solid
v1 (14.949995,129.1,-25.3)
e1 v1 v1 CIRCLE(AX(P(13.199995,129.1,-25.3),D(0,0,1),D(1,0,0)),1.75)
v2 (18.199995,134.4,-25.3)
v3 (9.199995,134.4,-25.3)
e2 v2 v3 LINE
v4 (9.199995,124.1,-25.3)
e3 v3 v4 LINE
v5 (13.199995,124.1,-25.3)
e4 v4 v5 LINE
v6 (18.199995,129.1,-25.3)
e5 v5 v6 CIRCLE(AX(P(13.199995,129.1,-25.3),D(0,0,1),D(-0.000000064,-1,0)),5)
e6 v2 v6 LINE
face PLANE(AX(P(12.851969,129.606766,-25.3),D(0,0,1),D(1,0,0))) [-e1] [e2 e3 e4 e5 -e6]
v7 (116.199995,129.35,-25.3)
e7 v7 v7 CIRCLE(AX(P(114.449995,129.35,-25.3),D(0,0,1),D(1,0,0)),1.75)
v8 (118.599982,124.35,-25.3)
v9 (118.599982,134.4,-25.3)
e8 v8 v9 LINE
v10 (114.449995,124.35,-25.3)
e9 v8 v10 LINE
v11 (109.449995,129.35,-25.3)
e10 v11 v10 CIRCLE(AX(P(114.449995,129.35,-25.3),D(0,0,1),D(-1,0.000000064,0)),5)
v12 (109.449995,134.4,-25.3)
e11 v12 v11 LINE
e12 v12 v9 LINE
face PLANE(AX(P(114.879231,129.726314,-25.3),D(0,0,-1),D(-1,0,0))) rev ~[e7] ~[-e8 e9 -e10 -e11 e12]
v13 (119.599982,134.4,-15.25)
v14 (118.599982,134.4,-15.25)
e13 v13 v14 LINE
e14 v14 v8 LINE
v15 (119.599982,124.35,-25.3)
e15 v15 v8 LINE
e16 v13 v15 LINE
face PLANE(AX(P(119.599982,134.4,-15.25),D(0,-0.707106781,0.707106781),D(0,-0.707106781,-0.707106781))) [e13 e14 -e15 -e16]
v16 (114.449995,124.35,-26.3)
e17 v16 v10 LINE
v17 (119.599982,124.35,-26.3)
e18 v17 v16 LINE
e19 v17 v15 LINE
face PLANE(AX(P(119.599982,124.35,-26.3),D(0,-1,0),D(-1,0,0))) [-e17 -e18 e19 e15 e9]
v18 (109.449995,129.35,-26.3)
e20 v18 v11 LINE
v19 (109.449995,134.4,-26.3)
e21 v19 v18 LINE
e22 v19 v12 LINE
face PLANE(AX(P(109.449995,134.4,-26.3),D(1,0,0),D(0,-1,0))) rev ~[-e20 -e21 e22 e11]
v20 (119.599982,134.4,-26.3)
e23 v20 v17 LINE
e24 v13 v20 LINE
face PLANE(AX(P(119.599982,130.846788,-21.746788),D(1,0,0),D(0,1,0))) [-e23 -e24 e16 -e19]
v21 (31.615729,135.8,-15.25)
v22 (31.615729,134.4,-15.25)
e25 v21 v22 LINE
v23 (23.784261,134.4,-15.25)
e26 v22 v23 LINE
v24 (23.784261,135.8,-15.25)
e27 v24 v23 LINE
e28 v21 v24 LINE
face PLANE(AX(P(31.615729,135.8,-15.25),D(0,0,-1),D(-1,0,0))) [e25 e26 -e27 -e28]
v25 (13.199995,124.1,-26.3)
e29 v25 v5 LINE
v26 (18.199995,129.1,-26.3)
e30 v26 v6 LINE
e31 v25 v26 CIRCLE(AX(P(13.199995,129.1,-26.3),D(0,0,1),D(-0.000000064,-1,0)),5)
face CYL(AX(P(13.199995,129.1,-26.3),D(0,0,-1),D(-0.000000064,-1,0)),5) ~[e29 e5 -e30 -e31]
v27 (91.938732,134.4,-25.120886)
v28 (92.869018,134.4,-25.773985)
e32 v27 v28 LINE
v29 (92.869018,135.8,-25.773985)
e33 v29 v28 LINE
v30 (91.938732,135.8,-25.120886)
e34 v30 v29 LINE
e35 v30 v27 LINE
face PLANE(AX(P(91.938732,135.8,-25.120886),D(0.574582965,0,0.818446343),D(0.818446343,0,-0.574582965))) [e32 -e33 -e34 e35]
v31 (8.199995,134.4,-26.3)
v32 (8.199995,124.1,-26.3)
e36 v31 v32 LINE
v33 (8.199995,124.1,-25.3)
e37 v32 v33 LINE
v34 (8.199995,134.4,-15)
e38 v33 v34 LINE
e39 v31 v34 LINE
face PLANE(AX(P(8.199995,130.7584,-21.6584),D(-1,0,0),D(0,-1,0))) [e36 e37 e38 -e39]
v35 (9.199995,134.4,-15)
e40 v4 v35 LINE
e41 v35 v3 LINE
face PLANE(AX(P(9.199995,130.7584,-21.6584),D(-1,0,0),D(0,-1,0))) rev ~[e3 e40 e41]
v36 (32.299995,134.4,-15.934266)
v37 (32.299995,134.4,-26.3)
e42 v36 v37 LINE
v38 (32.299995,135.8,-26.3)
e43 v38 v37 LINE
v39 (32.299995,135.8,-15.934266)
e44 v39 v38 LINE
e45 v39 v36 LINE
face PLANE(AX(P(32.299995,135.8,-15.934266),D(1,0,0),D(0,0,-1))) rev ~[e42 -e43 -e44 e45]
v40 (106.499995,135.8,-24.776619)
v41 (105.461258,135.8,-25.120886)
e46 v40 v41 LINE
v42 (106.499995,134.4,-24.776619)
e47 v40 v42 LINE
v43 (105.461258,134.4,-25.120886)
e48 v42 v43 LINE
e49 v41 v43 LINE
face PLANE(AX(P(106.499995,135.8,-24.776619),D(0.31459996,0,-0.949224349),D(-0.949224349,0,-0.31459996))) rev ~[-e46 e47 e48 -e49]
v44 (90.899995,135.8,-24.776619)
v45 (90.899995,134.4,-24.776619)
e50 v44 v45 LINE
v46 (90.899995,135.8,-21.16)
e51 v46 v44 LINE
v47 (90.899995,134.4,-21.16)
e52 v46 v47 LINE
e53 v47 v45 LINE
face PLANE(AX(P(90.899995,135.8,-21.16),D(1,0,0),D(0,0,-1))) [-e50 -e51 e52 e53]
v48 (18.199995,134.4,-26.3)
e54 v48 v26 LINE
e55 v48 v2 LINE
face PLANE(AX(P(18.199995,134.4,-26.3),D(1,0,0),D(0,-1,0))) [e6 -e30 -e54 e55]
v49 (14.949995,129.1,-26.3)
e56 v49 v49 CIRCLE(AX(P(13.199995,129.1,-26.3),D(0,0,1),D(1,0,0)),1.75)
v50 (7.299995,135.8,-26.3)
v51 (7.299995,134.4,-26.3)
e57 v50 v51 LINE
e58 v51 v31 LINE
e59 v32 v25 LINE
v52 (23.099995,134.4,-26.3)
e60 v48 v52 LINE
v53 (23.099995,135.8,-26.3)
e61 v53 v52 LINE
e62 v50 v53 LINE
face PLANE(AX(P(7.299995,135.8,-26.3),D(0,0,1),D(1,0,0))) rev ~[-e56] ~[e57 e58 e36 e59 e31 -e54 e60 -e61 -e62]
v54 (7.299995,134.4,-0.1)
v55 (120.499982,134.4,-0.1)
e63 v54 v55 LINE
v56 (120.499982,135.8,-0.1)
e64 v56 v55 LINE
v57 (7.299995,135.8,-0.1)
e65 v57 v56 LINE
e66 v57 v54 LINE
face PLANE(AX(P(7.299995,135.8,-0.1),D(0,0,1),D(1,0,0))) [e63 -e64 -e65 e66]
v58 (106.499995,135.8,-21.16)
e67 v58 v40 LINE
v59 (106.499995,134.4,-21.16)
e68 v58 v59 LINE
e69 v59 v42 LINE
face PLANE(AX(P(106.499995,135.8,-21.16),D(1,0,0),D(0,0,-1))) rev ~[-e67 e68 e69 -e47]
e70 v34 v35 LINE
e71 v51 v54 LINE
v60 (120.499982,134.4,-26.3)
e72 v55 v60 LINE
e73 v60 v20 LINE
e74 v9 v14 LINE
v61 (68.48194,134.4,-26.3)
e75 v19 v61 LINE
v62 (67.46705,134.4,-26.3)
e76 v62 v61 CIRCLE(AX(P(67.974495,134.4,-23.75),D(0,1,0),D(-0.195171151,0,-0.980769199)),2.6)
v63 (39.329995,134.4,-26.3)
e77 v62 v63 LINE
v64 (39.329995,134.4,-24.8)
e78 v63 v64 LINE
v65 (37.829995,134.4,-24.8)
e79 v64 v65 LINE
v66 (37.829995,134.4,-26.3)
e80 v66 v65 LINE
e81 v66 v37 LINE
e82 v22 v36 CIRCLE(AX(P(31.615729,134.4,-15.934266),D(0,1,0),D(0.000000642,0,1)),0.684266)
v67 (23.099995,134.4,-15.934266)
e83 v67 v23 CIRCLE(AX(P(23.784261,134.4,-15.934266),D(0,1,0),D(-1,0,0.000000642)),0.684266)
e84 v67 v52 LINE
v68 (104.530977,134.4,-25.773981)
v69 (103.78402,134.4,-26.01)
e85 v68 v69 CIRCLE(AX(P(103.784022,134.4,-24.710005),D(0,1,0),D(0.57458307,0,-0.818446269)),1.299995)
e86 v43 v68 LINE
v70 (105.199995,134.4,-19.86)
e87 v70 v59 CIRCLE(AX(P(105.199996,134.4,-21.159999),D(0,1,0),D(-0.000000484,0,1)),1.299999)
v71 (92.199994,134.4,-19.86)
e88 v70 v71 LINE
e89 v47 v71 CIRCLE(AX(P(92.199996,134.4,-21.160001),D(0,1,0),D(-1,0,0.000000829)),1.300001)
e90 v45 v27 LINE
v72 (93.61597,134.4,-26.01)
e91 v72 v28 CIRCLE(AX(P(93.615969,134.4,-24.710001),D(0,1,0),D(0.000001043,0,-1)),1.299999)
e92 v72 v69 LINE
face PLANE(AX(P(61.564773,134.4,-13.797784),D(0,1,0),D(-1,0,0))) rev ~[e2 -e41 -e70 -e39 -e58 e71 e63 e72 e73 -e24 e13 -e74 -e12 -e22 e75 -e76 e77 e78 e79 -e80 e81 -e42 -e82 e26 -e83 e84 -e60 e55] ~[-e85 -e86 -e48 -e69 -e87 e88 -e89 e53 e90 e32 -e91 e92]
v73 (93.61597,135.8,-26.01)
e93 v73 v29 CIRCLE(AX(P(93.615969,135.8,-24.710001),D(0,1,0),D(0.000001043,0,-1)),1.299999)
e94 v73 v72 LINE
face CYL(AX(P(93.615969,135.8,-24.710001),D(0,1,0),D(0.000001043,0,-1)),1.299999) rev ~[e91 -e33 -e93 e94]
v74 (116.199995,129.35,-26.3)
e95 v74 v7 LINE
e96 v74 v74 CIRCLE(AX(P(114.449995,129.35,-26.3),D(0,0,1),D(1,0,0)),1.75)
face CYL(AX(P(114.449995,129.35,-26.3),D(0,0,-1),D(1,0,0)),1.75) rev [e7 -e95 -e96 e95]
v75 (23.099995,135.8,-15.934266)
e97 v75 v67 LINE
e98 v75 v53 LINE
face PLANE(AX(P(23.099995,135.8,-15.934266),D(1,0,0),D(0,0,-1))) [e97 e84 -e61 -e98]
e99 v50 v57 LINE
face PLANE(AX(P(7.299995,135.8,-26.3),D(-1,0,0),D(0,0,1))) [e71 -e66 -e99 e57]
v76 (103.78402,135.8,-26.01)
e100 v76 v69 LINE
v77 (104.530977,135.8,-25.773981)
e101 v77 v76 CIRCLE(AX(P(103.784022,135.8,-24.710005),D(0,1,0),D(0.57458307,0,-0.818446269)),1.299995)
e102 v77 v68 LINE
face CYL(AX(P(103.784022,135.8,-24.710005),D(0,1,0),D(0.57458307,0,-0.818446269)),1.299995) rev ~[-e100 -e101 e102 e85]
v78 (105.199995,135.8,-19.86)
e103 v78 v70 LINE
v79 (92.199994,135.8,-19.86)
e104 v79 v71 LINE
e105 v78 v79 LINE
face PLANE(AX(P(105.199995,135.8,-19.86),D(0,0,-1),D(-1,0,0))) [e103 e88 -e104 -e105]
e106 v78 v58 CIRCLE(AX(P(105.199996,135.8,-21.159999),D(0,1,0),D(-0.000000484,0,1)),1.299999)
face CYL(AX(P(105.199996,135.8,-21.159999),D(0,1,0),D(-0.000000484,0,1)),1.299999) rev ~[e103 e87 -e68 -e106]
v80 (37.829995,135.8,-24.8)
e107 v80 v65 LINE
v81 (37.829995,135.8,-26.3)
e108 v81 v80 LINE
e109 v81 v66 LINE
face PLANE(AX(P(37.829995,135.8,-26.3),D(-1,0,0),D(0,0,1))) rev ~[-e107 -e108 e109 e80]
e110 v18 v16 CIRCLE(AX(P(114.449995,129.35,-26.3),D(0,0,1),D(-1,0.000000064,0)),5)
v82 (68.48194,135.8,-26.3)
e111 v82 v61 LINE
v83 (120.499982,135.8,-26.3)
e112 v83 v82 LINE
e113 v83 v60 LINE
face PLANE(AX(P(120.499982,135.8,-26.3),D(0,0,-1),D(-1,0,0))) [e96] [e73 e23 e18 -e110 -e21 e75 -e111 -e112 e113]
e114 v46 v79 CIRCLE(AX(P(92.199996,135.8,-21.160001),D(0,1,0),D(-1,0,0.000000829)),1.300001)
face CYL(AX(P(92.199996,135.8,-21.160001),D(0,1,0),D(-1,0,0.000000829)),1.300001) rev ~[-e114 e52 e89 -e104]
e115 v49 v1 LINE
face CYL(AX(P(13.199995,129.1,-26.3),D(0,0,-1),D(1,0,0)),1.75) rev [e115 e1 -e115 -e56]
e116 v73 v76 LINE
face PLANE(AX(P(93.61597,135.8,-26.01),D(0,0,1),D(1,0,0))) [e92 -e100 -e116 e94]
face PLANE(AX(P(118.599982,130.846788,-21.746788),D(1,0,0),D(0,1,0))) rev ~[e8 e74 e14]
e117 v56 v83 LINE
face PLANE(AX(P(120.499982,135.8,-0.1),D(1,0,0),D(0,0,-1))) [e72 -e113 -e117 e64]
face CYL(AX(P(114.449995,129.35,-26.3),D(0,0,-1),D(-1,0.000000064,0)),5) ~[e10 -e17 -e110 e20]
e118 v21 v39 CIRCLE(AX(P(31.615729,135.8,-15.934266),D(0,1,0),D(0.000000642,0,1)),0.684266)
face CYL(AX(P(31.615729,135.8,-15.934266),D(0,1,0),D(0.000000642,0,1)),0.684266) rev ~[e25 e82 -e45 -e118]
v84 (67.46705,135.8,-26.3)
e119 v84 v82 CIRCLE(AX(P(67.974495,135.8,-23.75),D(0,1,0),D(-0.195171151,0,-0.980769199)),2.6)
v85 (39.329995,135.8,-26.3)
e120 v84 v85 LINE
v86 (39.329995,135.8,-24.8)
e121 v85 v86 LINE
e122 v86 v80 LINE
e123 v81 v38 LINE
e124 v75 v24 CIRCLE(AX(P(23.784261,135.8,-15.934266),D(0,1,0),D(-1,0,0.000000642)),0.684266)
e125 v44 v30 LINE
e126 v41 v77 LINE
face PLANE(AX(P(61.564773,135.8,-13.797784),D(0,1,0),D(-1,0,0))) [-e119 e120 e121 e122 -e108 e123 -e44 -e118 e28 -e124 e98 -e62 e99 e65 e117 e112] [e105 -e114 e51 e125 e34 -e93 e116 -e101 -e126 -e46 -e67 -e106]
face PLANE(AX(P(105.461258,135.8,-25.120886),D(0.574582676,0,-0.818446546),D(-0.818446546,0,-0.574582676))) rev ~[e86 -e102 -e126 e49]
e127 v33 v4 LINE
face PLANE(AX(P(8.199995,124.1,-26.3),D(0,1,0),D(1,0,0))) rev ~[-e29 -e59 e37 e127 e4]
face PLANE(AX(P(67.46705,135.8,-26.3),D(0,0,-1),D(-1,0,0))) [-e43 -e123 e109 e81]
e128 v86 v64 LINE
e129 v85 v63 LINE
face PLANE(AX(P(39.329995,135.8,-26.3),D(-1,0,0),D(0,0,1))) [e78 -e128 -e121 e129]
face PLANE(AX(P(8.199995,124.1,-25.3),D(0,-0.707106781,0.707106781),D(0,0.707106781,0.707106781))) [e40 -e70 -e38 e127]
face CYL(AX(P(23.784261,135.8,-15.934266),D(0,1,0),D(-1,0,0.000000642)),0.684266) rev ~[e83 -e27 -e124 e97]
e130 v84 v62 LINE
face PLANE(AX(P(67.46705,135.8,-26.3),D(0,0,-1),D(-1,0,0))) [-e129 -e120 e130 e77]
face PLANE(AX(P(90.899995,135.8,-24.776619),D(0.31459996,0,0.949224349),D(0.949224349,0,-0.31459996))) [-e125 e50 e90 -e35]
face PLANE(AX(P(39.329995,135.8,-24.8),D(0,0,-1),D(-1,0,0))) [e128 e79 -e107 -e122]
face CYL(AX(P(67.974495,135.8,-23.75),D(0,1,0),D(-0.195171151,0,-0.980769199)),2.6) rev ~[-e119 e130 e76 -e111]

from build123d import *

# Parameters (mm, degrees)
PAD028_DEPTH    = 1.4
SKETCH048_R     = 1.75
PAD029_DEPTH    = 1
PAD030_DEPTH    = 1
PAD031_DEPTH    = 1
SKETCH179_W     = 1.5
SKETCH179_H     = 1.5
POCKET061_DEPTH = 5


with BuildPart() as part:
    # Sketch047 (on Face725 of Binder021) → Pad028 (new body)
    with BuildSketch(Plane(origin=(0, 135.8, 0), x_dir=(-1, 0, 0), z_dir=(0, 1, 0))):
        with BuildLine():
            Line((-120.499982, -0.1), (-120.499982, -26.3))
            Line((-120.499982, -26.3), (-68.48194, -26.3))
            ThreePointArc((-67.46705, -26.3), (-67.974495, -21.15), (-68.48194, -26.3))
            Line((-67.46705, -26.3), (-32.299995, -26.3))
            Line((-32.299995, -15.934266), (-32.299995, -26.3))
            ThreePointArc((-31.615729, -15.25), (-32.099578, -15.450417), (-32.299995, -15.934266))
            Line((-31.615729, -15.25), (-23.784261, -15.25))
            ThreePointArc((-23.099995, -15.934266), (-23.300412, -15.450417), (-23.784261, -15.25))
            Line((-23.099995, -15.934266), (-23.099995, -26.3))
            Line((-7.299995, -26.3), (-23.099995, -26.3))
            Line((-7.299995, -26.3), (-7.299995, -0.1))
            Line((-7.299995, -0.1), (-120.499982, -0.1))
        make_face()
        with BuildLine():
            Line((-105.199995, -19.86), (-92.199994, -19.86))
            ThreePointArc((-90.899995, -21.16), (-91.280756, -20.240762), (-92.199994, -19.86))
            Line((-90.899995, -21.16), (-90.899995, -24.776619))
            Line((-90.899995, -24.776619), (-91.938732, -25.120886))
            Line((-91.938732, -25.120886), (-92.869018, -25.773985))
            ThreePointArc((-93.61597, -26.01), (-93.224294, -25.949593), (-92.869018, -25.773985))
            Line((-93.61597, -26.01), (-103.78402, -26.01))
            ThreePointArc((-104.530977, -25.773981), (-104.175699, -25.949592), (-103.78402, -26.01))
            Line((-105.461258, -25.120886), (-104.530977, -25.773981))
            Line((-106.499995, -24.776619), (-105.461258, -25.120886))
            Line((-106.499995, -21.16), (-106.499995, -24.776619))
            ThreePointArc((-105.199995, -19.86), (-106.119234, -20.240761), (-106.499995, -21.16))
        make_face(mode=Mode.SUBTRACT)
    extrude(amount=-PAD028_DEPTH)

    # Sketch048 (on Face5 of Binder022) → Pad029 (join)
    with BuildSketch(Plane.XY.offset(-26.3)):
        with BuildLine():
            Line((18.199995, 134.4), (8.199995, 134.4))
            Line((8.199995, 134.4), (8.199995, 124.1))
            Line((8.199995, 124.1), (13.199995, 124.1))
            ThreePointArc((13.199995, 124.1), (16.735529, 125.564466), (18.199995, 129.1))
            Line((18.199995, 134.4), (18.199995, 129.1))
        make_face()
        with Locations((13.199995, 129.1)):
            Circle(SKETCH048_R, mode=Mode.SUBTRACT)
        with BuildLine():
            Line((109.449995, 134.4), (119.599982, 134.4))
            Line((119.599982, 134.4), (119.599982, 124.35))
            Line((119.599982, 124.35), (114.449995, 124.35))
            ThreePointArc((109.449995, 129.35), (110.914461, 125.814466), (114.449995, 124.35))
            Line((109.449995, 134.4), (109.449995, 129.35))
        make_face()
        with Locations((114.449995, 129.35)):
            Circle(SKETCH048_R, mode=Mode.SUBTRACT)
    extrude(amount=PAD029_DEPTH)

    # Sketch049 (on Face25 of Pad029) → Pad030 (join)
    with BuildSketch(Plane(origin=(8.199995, 0, 0), x_dir=(0, -1, 0), z_dir=(-1, 0, 0))):
        Polygon((-134.4, -25.3), (-124.1, -25.3), (-134.4, -15), align=None)
    extrude(amount=-PAD030_DEPTH)

    # Sketch050 (on Face36 of Pad030) → Pad031 (join)
    with BuildSketch(Plane.YZ.offset(119.599982)):
        Polygon((124.35, -25.3), (134.4, -25.3), (134.4, -15.25), align=None)
    extrude(amount=-PAD031_DEPTH)

    # Sketch179 (on Face4 of Clone005) → Pocket061 (cut)
    with BuildSketch(Plane(origin=(0, 135.8, 0), x_dir=(-1, 0, 0), z_dir=(0, 1, 0))):
        with Locations((-38.579995, -25.55)):
            Rectangle(SKETCH179_W, SKETCH179_H)
    extrude(amount=-POCKET061_DEPTH, mode=Mode.SUBTRACT)


solid = part.part
